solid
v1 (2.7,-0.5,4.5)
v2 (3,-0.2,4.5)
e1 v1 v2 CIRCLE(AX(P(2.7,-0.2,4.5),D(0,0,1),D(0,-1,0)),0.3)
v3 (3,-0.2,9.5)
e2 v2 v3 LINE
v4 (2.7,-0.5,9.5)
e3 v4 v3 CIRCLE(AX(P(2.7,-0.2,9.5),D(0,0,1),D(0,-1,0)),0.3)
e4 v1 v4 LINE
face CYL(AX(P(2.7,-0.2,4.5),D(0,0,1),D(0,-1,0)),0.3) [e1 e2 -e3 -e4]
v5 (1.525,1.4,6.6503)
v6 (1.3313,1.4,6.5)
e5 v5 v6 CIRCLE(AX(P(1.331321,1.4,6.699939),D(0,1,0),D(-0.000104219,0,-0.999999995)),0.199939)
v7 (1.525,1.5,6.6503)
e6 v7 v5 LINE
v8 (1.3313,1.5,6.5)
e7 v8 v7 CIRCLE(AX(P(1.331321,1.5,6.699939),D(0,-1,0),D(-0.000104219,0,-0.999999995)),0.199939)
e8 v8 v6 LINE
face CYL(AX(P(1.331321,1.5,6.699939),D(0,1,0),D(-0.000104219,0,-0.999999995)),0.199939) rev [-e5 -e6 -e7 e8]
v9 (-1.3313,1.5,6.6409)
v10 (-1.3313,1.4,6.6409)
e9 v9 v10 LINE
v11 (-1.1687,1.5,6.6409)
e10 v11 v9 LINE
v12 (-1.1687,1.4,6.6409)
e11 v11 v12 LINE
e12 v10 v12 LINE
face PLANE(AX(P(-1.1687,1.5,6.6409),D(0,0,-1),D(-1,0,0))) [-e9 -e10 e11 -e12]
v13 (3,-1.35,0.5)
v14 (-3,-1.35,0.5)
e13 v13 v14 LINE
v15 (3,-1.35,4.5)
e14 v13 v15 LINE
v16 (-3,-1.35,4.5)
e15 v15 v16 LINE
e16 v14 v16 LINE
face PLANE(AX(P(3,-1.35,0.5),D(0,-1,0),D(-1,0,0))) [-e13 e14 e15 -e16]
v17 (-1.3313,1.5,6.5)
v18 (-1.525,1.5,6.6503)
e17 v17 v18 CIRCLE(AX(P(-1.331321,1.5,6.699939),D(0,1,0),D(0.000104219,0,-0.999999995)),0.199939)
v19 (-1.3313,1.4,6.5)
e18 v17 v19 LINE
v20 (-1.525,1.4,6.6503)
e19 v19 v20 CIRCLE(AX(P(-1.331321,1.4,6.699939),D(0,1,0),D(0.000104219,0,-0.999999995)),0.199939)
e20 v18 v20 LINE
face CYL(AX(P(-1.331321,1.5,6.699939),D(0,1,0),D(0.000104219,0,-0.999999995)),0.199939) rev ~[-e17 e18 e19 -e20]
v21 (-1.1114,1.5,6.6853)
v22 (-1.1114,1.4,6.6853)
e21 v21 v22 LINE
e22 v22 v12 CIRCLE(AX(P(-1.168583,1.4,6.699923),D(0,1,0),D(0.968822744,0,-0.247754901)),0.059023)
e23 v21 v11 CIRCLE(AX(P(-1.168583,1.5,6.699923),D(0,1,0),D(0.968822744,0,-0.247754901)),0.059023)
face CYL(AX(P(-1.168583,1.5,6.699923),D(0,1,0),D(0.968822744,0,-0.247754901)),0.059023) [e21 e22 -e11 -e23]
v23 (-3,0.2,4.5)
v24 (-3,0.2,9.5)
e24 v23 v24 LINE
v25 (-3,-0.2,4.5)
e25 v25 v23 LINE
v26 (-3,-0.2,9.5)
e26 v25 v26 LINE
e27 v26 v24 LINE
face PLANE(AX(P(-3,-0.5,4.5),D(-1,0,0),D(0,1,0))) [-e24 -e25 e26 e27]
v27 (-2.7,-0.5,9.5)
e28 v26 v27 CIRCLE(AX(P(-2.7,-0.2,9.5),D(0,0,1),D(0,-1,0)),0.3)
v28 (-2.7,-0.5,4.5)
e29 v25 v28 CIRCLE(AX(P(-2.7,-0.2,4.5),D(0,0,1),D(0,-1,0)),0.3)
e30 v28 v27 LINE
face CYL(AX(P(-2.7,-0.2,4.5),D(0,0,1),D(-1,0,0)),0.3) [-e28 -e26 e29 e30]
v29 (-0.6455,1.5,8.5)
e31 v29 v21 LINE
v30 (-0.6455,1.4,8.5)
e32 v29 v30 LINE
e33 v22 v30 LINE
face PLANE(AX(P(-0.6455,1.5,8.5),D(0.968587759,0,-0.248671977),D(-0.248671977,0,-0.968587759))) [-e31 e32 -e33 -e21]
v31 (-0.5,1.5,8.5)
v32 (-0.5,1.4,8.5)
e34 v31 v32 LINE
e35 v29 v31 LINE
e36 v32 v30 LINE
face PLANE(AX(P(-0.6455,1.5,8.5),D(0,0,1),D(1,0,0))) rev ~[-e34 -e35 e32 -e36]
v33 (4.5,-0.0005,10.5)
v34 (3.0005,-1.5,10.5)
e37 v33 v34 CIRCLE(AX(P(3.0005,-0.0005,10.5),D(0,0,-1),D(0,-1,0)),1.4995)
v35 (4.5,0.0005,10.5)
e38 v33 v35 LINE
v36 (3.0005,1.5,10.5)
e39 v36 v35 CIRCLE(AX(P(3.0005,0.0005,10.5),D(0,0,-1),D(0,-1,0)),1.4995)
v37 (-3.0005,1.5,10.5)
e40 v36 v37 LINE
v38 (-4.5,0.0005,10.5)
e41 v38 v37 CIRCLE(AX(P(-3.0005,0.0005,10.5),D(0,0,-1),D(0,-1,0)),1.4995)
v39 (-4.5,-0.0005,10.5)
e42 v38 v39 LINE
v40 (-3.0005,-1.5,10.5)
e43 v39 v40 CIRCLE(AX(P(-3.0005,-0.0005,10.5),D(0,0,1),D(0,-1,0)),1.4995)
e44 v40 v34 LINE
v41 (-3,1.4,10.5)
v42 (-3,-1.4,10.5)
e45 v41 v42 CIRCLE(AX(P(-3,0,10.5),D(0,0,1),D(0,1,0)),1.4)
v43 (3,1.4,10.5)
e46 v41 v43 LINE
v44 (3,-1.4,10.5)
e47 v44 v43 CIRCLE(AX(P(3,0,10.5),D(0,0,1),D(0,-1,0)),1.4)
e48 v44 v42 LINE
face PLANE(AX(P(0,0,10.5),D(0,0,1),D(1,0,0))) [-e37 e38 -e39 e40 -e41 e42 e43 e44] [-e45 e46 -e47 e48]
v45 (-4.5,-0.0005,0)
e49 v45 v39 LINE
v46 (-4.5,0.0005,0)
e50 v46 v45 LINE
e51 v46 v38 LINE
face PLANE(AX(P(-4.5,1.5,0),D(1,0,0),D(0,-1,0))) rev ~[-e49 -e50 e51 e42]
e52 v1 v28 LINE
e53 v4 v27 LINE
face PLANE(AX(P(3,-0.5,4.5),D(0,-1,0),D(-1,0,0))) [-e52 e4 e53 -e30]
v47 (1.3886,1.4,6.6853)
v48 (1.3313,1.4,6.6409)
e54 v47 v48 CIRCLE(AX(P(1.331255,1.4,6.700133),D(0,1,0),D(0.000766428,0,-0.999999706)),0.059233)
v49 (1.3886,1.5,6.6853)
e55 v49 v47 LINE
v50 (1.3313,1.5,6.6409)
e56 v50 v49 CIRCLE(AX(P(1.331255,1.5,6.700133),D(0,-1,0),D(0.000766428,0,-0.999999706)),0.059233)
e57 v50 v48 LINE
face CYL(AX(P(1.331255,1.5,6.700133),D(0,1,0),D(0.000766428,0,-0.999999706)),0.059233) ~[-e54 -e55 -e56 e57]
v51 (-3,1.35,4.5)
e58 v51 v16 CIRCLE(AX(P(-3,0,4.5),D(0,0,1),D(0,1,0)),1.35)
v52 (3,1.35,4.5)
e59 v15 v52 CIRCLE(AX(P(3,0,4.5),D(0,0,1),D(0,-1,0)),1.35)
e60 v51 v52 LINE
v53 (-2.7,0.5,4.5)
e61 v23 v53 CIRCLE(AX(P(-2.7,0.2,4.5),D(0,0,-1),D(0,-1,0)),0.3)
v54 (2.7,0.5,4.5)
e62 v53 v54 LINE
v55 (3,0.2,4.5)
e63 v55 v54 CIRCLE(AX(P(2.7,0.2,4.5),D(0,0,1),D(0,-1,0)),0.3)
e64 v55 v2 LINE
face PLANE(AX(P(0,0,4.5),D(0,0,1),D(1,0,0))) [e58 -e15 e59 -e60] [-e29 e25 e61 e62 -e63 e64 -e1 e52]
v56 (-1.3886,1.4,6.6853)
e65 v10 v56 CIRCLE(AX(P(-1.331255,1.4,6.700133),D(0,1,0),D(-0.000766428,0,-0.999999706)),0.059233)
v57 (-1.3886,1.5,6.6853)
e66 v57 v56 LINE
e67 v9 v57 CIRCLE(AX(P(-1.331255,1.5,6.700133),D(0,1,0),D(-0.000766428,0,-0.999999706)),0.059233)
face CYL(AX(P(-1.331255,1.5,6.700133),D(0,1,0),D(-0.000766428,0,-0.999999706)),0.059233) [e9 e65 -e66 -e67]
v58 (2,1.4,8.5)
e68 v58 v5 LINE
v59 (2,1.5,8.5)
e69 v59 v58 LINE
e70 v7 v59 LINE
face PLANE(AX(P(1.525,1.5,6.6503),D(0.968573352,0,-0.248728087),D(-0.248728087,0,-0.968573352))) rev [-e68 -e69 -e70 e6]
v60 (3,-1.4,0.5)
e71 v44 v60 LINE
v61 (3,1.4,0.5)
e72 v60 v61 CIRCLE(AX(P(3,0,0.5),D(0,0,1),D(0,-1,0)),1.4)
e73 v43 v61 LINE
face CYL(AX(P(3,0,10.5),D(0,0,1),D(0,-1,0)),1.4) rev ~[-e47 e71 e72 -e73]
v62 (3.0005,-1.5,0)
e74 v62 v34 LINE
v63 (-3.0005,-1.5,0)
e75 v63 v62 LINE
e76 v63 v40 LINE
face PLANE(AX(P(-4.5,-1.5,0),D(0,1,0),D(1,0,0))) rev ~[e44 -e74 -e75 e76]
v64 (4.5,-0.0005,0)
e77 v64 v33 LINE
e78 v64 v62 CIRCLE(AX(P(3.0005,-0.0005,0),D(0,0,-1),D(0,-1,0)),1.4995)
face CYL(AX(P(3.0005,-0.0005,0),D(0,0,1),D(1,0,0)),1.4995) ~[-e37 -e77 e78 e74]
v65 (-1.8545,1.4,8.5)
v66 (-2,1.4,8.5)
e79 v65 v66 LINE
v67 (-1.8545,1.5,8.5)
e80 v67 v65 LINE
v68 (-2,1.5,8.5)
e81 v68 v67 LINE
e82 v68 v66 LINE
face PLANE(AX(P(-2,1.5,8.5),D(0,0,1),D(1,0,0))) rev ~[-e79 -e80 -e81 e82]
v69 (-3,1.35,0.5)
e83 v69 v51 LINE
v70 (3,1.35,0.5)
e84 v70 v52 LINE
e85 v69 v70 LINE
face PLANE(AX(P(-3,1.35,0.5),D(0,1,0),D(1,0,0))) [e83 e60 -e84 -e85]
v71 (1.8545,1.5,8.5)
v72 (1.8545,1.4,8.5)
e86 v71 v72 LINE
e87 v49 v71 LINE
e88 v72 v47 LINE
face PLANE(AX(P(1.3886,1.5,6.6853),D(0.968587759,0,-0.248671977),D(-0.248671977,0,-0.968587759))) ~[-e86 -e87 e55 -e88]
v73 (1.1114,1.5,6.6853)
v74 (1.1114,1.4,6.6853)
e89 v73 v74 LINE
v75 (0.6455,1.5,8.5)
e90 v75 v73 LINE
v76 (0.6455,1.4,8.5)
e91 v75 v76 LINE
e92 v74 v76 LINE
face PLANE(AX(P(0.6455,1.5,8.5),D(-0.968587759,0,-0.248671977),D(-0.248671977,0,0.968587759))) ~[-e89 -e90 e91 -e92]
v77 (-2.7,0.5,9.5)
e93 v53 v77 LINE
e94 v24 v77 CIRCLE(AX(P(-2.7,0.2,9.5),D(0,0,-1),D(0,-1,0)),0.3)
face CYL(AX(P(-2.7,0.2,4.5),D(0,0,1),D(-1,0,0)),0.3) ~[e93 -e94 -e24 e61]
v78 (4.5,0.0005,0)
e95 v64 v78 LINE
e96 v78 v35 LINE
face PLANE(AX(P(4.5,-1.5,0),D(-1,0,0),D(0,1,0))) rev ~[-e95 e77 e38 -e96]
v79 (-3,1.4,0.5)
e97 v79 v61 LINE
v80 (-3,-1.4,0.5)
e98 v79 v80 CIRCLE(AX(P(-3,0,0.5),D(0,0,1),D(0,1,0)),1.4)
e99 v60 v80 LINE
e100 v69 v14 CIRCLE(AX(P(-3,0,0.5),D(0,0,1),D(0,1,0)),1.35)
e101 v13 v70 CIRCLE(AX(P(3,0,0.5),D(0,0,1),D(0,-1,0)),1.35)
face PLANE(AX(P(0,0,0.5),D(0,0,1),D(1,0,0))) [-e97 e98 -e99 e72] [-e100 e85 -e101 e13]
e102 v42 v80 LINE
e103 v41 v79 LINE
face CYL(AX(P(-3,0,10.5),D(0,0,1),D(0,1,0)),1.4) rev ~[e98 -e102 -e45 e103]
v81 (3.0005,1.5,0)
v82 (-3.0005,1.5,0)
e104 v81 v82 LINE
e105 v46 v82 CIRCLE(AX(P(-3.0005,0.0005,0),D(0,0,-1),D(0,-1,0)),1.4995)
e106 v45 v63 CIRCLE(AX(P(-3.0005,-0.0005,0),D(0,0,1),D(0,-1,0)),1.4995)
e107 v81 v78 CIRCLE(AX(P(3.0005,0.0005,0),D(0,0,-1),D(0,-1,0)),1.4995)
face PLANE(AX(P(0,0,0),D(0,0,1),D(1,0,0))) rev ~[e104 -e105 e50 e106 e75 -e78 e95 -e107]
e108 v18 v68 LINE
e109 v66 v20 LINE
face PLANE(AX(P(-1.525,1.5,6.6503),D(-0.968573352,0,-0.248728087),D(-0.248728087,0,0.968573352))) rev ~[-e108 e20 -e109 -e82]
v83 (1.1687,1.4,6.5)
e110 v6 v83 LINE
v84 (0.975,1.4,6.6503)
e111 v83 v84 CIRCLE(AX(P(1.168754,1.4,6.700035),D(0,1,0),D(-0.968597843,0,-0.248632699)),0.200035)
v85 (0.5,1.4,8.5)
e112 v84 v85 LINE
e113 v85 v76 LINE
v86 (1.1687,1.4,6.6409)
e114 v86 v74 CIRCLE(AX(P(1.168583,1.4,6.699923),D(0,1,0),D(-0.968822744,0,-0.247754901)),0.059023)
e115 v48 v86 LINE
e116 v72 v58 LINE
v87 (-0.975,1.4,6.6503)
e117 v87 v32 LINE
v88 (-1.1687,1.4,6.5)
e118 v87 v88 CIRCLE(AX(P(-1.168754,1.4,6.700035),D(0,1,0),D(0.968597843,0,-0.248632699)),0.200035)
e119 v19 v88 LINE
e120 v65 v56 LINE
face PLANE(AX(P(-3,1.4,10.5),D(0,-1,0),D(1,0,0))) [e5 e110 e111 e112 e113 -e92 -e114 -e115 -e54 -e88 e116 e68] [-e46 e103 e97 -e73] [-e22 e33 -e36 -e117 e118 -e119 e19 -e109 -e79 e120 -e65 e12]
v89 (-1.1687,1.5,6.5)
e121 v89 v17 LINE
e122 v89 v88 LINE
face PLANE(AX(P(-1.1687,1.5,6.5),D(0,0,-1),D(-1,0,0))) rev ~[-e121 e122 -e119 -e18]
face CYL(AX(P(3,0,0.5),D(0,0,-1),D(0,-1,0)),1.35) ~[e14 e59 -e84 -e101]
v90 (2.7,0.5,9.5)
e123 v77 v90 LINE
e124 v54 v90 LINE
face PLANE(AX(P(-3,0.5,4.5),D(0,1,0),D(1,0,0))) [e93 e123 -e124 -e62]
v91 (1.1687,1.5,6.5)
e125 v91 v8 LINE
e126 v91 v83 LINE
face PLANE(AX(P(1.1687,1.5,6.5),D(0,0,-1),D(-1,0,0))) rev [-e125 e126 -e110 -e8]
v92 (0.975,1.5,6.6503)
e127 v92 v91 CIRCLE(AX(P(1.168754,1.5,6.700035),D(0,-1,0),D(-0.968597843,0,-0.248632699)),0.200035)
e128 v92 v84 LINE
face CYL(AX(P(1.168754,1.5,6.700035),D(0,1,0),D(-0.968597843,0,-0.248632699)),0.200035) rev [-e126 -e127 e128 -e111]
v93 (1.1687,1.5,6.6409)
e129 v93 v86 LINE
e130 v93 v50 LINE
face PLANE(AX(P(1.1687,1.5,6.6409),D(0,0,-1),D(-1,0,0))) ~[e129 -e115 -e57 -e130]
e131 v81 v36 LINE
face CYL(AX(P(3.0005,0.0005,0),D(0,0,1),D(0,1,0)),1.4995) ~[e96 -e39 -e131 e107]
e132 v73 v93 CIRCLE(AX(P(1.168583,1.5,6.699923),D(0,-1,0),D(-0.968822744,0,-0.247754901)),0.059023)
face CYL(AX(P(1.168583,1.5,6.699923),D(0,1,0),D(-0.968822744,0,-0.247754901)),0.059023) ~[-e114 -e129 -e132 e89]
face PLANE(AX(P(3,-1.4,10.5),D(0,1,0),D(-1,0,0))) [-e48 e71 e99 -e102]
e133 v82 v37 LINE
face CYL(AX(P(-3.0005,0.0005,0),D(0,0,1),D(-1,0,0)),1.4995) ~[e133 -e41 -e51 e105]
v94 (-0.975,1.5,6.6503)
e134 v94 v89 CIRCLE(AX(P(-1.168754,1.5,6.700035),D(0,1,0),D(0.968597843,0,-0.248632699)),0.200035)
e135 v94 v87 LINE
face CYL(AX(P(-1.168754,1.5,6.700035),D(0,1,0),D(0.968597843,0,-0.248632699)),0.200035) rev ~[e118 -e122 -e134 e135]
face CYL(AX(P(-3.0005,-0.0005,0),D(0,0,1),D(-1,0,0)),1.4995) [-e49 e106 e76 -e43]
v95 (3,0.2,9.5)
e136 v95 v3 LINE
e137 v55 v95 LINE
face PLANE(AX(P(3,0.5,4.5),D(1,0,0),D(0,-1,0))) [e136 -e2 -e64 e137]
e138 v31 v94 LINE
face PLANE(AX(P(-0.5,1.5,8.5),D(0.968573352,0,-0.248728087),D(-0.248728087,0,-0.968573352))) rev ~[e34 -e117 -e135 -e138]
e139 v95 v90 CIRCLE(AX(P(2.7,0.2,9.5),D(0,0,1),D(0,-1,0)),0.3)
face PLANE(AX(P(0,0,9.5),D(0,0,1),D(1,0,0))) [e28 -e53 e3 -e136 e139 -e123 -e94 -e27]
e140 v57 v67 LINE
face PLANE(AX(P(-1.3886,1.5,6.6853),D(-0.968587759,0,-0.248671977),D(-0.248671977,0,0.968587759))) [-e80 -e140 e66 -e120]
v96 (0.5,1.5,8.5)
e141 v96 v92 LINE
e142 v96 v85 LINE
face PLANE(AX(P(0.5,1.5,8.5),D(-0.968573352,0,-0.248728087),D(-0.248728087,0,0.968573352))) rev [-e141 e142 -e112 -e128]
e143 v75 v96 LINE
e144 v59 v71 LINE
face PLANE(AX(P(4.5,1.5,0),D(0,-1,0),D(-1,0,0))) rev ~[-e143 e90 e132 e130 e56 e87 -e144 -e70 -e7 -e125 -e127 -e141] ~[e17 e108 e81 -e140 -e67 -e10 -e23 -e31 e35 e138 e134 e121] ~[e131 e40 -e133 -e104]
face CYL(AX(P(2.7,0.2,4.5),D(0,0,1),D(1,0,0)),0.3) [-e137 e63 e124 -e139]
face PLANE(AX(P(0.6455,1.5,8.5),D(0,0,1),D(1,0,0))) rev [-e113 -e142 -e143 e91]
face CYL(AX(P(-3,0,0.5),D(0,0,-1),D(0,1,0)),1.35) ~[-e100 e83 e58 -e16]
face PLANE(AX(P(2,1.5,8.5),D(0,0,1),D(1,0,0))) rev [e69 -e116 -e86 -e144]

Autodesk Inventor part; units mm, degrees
ref_plane "YZ Plane" through (0, 0, 0) normal (1, 0, 0) x (0, 1, 0)
ref_plane "XZ Plane" through (0, 0, 0) normal (0, 1, 0) x (-1, 0, 0)
ref_plane "XY Plane" through (0, 0, 0) normal (0, 0, 1) x (1, 0, 0)
sketch "Sketch1" plane through (0, 0, 0) normal (0, 0, 1) x (1, 0, 0)
  line L0 (-4.5, -1.5) -> (4.5, -1.5)
  line L1 (4.5, -1.5) -> (4.5, 1.5)
  line L2 (4.5, 1.5) -> (-4.5, 1.5)
  line L3 (-4.5, 1.5) -> (-4.5, -1.5)
  point P0 (0, 0)
  dimension "d0" = 3
  dimension "d1" = 1.5
  dimension "d2" = 9
  dimension "d3" = 4.5
extrude "Extrusion1" add sketch "Sketch1" along normal blind 10.5
fillet "Fillet1" radius 1.5 4 edges at (4.5, 1.5, 5.25) (4.5, -1.5, 5.25) (-4.5, -1.5, 5.25) (-4.5, 1.5, 5.25)
sketch "Sketch2" plane through (0, 0, 10.5) normal (0, 0, 1) x (1, 0, 0)
  arc A0 (-3, 1.5) -> (-3, -1.5) centre (-3, 0) ccw projected
  line L0 (-3, -1.5) -> (3, -1.5) projected
  arc A1 (3, -1.5) -> (3, 1.5) centre (3, 0) ccw projected
  line L1 (3, 1.5) -> (-3, 1.5) projected
  arc A2 (-3, 1.4) -> (-3, -1.4) centre (-3, 0) ccw
  line L2 (-3, 1.4) -> (3, 1.4)
  arc A3 (3, -1.4) -> (3, 1.4) centre (3, 0) ccw
  line L3 (3, -1.4) -> (-3, -1.4)
  point P0 (0, 0)
  dimension "d7" = 0.1
extrude "Extrusion2" cut sketch "Sketch2" against normal blind 10 contours L2 A3 L3 A2
sketch "Sketch4" plane through (-3, 1.5, 0) normal (0, 1, 0) x (1, 0, 0)
  line L0 (2.5, -8.5) -> (2.025, -6.6503)
  line L1 (1.8313, -6.5) -> (1.6687, -6.5)
  line L2 (1.475, -6.6503) -> (1, -8.5)
  line L3 (6, -10.5) -> (0, -10.5) projected
  arc A0 (1.6687, -6.5) -> (1.475, -6.6503) centre (1.6687, -6.7) ccw
  arc A1 (2.025, -6.6503) -> (1.8313, -6.5) centre (1.8313, -6.7) ccw
  line L4 (2.3545, -8.5) -> (1.8886, -6.6853)
  arc A2 (1.8886, -6.6853) -> (1.8313, -6.6409) centre (1.8313, -6.7) ccw
  line L5 (1.8313, -6.6409) -> (1.6687, -6.6409)
  arc A3 (1.6687, -6.6409) -> (1.6114, -6.6853) centre (1.6687, -6.7) ccw
  line L6 (1.6114, -6.6853) -> (1.1455, -8.5)
  line L7 (1, -8.5) -> (1.1455, -8.5)
  line L8 (2.3545, -8.5) -> (2.5, -8.5)
  point P0 (3, 0)
  point P1 (1.9865, -6.5)
  point P2 (1.5135, -6.5)
  dimension "d11" = 0.5135
  dimension "d12" = 0.5135
  dimension "d13" = 1.5
  dimension "d14" = 2
  dimension "d15" = 2
  dimension "d16" = 1
  dimension "d17" = 0.4729
  dimension "d18" = 0.2
extrude "Extrusion3" cut sketch "Sketch4" against normal blind 1
mirror "Mirror2" about plane through (0, 0, 0) normal (1, 0, 0) of "Extrusion3"
sketch "Sketch5" plane through (0, 0, 0.5) normal (0, 0, 1) x (1, 0, 0)
  arc A0 (-3, 1.4) -> (-3, -1.4) centre (-3, 0) ccw projected
  line L0 (3, -1.4) -> (-3, -1.4) projected
  arc A1 (3, -1.4) -> (3, 1.4) centre (3, 0) ccw projected
  line L1 (-3, 1.4) -> (3, 1.4) projected
  arc A2 (-3, 1.35) -> (-3, -1.35) centre (-3, 0) ccw
  line L2 (-3, 1.35) -> (3, 1.35)
  arc A3 (3, -1.35) -> (3, 1.35) centre (3, 0) ccw
  line L3 (3, -1.35) -> (-3, -1.35)
  point P0 (0, 0)
  dimension "d21" = 0.05
extrude "Extrusion4" add sketch "Sketch5" along normal blind 4 contours L2 A3 L3 A2
sketch "Sketch6" plane through (0, 0, 4.5) normal (0, 0, 1) x (1, 0, 0)
  line L0 (-3, 0.5) -> (3, 0.5)
  line L1 (3, 0.5) -> (3, -0.5)
  line L2 (3, -0.5) -> (-3, -0.5)
  line L3 (-3, -0.5) -> (-3, 0.5)
  point P0 (0, 0)
  dimension "d24" = 1
  dimension "d25" = 0.5
  dimension "d26" = 6
  dimension "d27" = 3
extrude "Extrusion5" add sketch "Sketch6" along normal blind 5
fillet "Fillet2" radius 0.3 4 edges at (-3, 0.5, 7) (-3, -0.5, 7) (3, 0.5, 7) (3, -0.5, 7)
equation "\"d1\" = 0.5 * d0"
equation "\"d3\" = 0.5 * d2"
equation "\"d12\" = d11"
equation "\"d25\" = 0.5 * d24"
equation "\"d27\" = 0.5 * d26"
properties part number "XGEN_USB-C_socket_pcb"
